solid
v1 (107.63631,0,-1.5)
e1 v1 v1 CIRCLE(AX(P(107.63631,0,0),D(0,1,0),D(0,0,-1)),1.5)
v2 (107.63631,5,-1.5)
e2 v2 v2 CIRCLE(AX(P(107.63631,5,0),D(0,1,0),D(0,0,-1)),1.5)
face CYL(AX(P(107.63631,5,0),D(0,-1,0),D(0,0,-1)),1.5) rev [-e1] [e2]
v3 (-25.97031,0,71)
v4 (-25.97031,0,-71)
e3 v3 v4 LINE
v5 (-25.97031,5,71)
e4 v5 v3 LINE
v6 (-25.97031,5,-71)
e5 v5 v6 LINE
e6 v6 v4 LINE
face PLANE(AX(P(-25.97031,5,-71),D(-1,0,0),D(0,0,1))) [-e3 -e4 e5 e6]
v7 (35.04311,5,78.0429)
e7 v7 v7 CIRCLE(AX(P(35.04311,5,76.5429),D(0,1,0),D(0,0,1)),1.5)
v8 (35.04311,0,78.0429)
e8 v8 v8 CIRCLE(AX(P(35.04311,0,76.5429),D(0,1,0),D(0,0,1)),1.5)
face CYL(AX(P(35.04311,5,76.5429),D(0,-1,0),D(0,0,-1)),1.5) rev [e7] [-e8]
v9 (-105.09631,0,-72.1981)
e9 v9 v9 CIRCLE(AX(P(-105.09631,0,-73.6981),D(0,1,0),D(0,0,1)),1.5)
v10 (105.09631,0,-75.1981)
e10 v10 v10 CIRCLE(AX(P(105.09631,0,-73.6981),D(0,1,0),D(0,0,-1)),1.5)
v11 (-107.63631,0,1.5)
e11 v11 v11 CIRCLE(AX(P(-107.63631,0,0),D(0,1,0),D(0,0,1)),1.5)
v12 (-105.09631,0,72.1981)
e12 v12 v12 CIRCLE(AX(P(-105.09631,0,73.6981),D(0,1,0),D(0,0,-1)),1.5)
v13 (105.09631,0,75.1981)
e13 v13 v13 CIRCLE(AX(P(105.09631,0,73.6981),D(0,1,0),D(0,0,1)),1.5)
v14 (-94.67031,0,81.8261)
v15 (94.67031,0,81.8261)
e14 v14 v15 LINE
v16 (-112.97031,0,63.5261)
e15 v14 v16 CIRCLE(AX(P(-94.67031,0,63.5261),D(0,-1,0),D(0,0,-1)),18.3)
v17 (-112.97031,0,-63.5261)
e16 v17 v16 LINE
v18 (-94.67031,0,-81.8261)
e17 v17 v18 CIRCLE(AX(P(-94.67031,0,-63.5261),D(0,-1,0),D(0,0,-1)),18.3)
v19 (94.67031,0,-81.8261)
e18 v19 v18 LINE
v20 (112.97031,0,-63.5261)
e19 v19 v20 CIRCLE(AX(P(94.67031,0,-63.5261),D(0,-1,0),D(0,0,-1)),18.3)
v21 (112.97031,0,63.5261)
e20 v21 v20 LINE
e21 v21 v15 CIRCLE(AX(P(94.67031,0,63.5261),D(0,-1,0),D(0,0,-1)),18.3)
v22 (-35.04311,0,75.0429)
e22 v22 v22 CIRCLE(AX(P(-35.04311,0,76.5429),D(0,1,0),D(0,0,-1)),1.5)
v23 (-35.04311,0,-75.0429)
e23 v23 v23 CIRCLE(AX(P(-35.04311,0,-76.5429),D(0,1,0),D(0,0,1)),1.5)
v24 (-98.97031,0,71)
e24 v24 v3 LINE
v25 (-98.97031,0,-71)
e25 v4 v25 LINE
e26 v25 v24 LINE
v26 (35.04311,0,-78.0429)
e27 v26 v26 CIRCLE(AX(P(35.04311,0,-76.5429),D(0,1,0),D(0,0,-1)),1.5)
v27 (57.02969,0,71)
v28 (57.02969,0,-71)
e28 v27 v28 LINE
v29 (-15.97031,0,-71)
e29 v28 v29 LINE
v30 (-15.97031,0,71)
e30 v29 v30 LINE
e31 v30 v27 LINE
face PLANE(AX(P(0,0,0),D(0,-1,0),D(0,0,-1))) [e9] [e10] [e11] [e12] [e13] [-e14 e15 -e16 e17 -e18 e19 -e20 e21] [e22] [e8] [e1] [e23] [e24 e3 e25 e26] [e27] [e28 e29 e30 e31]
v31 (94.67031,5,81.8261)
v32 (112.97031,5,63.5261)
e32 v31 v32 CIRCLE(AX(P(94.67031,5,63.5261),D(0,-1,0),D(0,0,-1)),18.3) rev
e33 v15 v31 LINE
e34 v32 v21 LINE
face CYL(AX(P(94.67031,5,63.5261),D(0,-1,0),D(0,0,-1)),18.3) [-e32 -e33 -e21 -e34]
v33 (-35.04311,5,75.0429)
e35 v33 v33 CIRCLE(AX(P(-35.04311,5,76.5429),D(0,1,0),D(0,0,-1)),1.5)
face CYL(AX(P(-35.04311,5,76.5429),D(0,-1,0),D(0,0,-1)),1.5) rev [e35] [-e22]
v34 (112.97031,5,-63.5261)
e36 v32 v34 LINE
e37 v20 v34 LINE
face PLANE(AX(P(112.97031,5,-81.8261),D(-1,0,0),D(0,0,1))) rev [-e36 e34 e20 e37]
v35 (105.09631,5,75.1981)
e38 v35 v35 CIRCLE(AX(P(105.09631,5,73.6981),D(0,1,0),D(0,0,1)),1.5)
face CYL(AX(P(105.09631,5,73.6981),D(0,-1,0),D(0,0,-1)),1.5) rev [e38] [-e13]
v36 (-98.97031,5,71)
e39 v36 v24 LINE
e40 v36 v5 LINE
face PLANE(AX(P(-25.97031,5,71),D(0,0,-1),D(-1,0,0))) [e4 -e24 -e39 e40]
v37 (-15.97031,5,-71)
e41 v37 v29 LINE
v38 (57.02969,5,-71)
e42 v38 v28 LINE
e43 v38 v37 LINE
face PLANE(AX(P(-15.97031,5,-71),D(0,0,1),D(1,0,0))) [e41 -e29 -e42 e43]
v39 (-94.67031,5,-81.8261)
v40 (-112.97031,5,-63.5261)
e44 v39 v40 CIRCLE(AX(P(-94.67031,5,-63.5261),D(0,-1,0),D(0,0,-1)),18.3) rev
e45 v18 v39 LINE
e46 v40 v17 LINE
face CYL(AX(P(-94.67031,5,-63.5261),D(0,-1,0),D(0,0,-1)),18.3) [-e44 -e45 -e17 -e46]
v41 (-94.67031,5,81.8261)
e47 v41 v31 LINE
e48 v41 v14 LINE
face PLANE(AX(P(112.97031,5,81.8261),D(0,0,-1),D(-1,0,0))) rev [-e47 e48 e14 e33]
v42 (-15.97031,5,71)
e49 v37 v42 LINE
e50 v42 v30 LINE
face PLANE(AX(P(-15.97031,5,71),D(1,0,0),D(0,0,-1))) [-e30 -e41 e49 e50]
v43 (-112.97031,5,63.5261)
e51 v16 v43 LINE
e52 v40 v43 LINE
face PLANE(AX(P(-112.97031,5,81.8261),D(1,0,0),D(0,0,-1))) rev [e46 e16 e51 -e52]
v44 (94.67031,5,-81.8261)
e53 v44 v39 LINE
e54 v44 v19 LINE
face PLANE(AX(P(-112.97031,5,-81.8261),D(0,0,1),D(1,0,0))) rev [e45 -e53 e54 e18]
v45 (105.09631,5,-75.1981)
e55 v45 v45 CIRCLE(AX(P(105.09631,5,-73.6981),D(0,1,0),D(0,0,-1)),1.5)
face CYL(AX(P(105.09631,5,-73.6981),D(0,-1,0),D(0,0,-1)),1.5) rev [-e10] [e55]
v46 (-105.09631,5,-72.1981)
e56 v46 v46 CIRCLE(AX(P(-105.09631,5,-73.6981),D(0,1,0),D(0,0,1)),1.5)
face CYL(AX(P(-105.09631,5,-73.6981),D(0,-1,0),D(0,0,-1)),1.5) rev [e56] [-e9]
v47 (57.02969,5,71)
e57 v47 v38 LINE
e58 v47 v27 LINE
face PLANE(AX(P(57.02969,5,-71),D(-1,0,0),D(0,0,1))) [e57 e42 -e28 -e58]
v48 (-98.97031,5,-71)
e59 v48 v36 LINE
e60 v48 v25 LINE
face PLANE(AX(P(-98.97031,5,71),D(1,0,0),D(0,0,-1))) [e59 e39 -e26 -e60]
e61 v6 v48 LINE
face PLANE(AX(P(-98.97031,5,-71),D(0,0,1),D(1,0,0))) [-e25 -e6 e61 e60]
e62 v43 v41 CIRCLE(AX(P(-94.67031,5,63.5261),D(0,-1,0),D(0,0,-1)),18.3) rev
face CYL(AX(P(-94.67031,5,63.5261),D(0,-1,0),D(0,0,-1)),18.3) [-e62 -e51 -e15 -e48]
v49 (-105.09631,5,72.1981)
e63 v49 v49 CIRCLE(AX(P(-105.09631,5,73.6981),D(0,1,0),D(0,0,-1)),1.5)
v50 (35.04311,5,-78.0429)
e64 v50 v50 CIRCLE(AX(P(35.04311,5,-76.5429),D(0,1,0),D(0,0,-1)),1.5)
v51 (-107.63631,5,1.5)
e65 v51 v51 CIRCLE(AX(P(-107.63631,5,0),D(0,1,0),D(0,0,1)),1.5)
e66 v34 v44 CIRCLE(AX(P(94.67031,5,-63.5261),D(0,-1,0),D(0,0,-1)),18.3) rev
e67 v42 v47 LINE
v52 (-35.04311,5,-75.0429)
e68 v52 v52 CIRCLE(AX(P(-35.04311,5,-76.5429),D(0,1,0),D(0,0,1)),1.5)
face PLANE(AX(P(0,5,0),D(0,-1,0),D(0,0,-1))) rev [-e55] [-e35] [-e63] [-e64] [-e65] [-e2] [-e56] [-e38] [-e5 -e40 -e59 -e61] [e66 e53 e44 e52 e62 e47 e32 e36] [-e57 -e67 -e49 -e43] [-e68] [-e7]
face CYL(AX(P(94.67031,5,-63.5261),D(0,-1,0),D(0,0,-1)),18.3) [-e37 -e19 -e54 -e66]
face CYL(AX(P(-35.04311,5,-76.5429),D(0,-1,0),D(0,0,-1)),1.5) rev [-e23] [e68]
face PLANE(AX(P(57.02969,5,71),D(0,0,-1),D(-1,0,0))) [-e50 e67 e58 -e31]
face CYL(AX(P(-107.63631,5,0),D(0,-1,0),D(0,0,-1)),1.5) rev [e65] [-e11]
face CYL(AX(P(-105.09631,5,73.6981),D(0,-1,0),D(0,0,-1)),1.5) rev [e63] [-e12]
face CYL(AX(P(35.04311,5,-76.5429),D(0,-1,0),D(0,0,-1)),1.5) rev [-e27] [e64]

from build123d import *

# Parameters (mm, degrees)
ESQUISSE1_W        = 225.94062
ESQUISSE1_H        = 163.6522
ESQUISSE1_R        = 1.5
ESQUISSE1_W_2      = 73
ESQUISSE1_H_2      = 142
BOSS_EXTRU_1_DEPTH = 5
CONG_2_R           = 18.3


with BuildPart() as part:
    # Esquisse1 → Boss.-Extru.1 (new body)
    with BuildSketch(Plane(origin=(0, 0, 0), x_dir=(1, 0, 0), z_dir=(0, 1, 0))):
        Rectangle(ESQUISSE1_W, ESQUISSE1_H)
        with Locations(Location((-105.09631, 73.6981, 0), (0, 0, 270))):
            Circle(ESQUISSE1_R, mode=Mode.SUBTRACT)
        with Locations(Location((-35.04311, 76.5429, 0), (0, 0, 270))):
            Circle(ESQUISSE1_R, mode=Mode.SUBTRACT)
        with Locations(Location((-107.63631, 0, 0), (0, 0, 270))):
            Circle(ESQUISSE1_R, mode=Mode.SUBTRACT)
        with Locations(Location((107.63631, 0, 0), (0, 0, 90))):
            Circle(ESQUISSE1_R, mode=Mode.SUBTRACT)
        with Locations(Location((35.04311, 76.5429, 0), (0, 0, 90))):
            Circle(ESQUISSE1_R, mode=Mode.SUBTRACT)
        with Locations(Location((105.09631, 73.6981, 0), (0, 0, 90))):
            Circle(ESQUISSE1_R, mode=Mode.SUBTRACT)
        with Locations(Location((105.09631, -73.6981, 0), (0, 0, 270))):
            Circle(ESQUISSE1_R, mode=Mode.SUBTRACT)
        with Locations(Location((35.04311, -76.5429, 0), (0, 0, 270))):
            Circle(ESQUISSE1_R, mode=Mode.SUBTRACT)
        with Locations(Location((-35.04311, -76.5429, 0), (0, 0, 90))):
            Circle(ESQUISSE1_R, mode=Mode.SUBTRACT)
        with Locations(Location((-105.09631, -73.6981, 0), (0, 0, 90))):
            Circle(ESQUISSE1_R, mode=Mode.SUBTRACT)
        with Locations((-62.47031, 0)):
            Rectangle(ESQUISSE1_W_2, ESQUISSE1_H_2, mode=Mode.SUBTRACT)
        with Locations((20.52969, 0)):
            Rectangle(ESQUISSE1_W_2, ESQUISSE1_H_2, mode=Mode.SUBTRACT)
    extrude(amount=BOSS_EXTRU_1_DEPTH)

    # Congé2
    cong_2_edges = [part.edges().sort_by_distance(p)[0] for p in [
        (-112.97031, 2.5, -81.8261),
        (112.97031, 2.5, -81.8261),
        (112.97031, 2.5, 81.8261),
        (-112.97031, 2.5, 81.8261),
    ]]
    fillet(cong_2_edges, radius=CONG_2_R)


solid = part.part
